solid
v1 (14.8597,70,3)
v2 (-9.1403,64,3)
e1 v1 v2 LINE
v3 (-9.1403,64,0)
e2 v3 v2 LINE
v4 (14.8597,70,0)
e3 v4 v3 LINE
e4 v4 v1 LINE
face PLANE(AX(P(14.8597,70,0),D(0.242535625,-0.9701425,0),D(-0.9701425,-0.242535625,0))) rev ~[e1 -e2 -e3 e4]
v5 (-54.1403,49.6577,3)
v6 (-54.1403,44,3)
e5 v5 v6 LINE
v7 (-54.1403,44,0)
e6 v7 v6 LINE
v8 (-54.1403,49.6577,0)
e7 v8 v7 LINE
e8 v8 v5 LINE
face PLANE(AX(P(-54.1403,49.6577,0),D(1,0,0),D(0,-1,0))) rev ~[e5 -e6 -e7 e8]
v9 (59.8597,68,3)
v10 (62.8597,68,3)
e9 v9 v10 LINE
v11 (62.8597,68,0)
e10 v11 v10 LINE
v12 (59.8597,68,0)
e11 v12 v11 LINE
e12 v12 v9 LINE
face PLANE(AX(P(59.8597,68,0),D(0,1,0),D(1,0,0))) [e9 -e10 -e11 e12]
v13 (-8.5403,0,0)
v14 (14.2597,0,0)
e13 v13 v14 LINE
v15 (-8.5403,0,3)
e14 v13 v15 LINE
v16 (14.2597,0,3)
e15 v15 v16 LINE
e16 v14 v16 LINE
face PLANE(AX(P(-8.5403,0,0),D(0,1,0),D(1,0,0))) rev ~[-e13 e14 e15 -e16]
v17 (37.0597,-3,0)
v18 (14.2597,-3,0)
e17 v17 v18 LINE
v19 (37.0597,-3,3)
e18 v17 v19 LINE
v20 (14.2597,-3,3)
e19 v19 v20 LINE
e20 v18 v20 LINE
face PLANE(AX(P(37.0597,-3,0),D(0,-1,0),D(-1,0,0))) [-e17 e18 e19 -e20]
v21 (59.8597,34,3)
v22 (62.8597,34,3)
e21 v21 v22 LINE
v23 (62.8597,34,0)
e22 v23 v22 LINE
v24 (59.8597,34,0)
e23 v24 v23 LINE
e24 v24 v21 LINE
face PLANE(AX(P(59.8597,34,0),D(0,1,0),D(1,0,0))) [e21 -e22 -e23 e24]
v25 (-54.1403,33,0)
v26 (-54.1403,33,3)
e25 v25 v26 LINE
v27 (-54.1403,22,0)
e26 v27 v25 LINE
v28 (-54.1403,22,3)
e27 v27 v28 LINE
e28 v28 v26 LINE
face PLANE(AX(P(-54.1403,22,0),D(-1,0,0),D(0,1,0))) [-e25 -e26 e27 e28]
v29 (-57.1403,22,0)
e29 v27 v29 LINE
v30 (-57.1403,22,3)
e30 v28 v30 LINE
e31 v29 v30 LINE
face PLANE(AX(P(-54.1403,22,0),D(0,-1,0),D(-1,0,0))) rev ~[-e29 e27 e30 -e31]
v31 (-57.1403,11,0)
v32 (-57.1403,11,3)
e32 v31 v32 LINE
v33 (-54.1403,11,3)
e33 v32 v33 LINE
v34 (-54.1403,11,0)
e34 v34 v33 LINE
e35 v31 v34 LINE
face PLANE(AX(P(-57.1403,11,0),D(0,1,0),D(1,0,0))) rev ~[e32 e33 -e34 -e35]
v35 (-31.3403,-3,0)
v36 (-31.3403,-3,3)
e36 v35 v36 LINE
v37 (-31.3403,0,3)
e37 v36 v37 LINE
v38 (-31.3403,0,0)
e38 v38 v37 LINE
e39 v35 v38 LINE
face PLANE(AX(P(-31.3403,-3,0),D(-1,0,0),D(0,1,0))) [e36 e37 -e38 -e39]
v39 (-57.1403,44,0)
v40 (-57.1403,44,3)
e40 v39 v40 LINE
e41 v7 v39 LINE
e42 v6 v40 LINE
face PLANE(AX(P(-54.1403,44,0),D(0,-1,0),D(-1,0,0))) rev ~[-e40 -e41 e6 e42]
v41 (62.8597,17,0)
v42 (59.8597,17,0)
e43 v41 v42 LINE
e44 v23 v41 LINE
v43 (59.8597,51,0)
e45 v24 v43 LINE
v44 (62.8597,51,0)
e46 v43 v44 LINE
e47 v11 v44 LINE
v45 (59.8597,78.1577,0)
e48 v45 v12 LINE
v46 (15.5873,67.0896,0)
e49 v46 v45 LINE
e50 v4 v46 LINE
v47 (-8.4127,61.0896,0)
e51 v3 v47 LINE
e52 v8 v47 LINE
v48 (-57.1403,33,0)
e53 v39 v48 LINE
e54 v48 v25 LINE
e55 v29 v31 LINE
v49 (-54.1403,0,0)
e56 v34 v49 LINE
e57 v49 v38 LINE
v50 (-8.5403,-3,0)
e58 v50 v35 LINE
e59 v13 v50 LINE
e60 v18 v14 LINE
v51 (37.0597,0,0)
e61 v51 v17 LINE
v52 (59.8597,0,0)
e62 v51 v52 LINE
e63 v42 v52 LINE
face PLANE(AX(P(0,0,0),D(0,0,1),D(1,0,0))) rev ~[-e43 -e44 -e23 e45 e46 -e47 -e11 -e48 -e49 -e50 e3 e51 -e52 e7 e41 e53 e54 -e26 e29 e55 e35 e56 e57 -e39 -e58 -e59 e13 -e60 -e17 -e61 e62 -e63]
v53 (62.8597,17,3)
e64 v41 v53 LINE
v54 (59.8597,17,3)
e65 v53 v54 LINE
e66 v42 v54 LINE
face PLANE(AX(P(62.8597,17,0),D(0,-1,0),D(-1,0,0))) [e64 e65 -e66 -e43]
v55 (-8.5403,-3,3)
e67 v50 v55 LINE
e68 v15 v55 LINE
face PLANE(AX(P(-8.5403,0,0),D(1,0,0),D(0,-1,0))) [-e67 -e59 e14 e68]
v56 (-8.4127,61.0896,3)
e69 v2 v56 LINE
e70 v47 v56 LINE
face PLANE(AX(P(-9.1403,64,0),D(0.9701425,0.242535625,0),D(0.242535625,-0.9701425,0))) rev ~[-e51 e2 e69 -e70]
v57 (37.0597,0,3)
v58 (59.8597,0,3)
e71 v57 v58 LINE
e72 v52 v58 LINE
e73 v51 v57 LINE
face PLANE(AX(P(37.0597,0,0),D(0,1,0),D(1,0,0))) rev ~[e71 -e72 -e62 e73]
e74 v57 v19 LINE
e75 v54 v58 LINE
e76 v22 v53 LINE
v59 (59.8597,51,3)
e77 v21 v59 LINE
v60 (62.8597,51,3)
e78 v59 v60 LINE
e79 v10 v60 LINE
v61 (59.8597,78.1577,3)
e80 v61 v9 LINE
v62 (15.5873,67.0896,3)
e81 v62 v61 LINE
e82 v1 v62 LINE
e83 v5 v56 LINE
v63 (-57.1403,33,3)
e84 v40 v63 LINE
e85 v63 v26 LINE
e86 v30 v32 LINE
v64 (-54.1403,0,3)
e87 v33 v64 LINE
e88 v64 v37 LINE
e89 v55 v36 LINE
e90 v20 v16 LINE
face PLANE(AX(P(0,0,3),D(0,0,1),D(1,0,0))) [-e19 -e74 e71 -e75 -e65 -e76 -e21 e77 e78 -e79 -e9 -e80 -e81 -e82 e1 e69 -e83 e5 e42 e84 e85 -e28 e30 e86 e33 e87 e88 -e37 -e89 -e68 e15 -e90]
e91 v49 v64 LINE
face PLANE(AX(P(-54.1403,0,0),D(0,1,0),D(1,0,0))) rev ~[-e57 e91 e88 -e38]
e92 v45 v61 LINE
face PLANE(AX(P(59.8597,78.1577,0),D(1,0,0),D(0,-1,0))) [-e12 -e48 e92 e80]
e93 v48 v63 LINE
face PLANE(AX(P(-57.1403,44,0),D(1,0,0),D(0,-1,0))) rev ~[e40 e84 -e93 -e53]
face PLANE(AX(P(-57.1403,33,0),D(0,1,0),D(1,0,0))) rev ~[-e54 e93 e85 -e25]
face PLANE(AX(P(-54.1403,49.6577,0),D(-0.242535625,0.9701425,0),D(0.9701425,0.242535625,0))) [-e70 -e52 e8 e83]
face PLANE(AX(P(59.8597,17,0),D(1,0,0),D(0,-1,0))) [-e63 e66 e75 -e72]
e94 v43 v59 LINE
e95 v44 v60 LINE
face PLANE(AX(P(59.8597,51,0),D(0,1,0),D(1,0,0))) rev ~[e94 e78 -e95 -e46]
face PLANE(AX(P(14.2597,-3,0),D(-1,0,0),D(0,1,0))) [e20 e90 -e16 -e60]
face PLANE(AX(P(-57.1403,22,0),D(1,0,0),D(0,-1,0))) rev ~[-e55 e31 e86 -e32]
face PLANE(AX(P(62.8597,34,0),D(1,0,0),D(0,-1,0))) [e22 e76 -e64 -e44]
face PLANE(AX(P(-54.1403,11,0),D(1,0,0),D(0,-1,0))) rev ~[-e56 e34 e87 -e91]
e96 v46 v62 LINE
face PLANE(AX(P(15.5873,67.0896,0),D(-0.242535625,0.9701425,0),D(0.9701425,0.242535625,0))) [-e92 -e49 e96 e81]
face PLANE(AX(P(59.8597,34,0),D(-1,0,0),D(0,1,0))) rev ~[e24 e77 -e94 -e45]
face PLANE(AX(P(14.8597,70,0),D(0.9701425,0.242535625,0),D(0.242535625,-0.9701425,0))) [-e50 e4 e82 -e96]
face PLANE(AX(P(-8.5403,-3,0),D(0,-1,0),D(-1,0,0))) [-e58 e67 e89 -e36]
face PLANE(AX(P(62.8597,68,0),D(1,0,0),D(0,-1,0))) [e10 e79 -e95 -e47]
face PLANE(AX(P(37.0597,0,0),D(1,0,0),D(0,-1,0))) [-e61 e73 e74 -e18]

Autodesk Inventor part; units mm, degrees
ref_plane "YZ Plane" through (0, 0, 0) normal (1, 0, 0) x (0, 1, 0)
ref_plane "XZ Plane" through (0, 0, 0) normal (0, 1, 0) x (-1, 0, 0)
ref_plane "XY Plane" through (0, 0, 0) normal (0, 0, 1) x (1, 0, 0)
sketch "Sketch1" plane through (0, 0, 0) normal (0, 0, 1) x (1, 0, 0)
  line L0 (14.8597, 70) -> (-9.1403, 64)
  line L1 (59.8597, 68) -> (62.8597, 68)
  line L2 (62.8597, 68) -> (62.8597, 51)
  line L3 (62.8597, 17) -> (59.8597, 17)
  line L4 (59.8597, 51) -> (62.8597, 51)
  line L5 (62.8597, 34) -> (62.8597, 17)
  line L6 (-54.1403, 22) -> (-57.1403, 22)
  line L7 (-57.1403, 22) -> (-57.1403, 11)
  line L8 (-57.1403, 11) -> (-54.1403, 11)
  line L9 (-54.1403, 44) -> (-57.1403, 44)
  line L10 (-57.1403, 44) -> (-57.1403, 33)
  line L11 (-57.1403, 33) -> (-54.1403, 33)
  line L12 (-8.5403, 0) -> (-8.5403, -3)
  line L13 (-8.5403, -3) -> (-31.3403, -3)
  line L14 (-31.3403, -3) -> (-31.3403, 0)
  line L15 (32.3597, 0) -> (37.0597, 0)
  line L16 (37.0597, 0) -> (37.0597, -3)
  line L17 (37.0597, -3) -> (14.2597, -3)
  line L18 (14.2597, -3) -> (14.2597, 0)
  line L19 (14.8597, 70) -> (15.5873, 67.0896)
  line L20 (-9.1403, 64) -> (-8.4127, 61.0896)
  line L21 (-54.1403, 22) -> (-54.1403, 33)
  line L22 (59.8597, 17) -> (59.8597, 0)
  line L23 (59.8597, 78.1577) -> (59.8597, 68)
  line L24 (59.8597, 34) -> (59.8597, 51)
  line L25 (-54.1403, 0) -> (-31.3403, 0)
  line L26 (-8.5403, 0) -> (14.2597, 0)
  line L27 (37.0597, 0) -> (59.8597, 0)
  line L28 (-54.1403, 49.6577) -> (-54.1403, 44)
  line L29 (-54.1403, 33) -> (-54.1403, 22)
  line L30 (-54.1403, 33) -> (-54.1403, 22)
  line L31 (-54.1403, 11) -> (-54.1403, 0)
  line L32 (14.8597, 70) -> (-57.1403, 52) construction
  line L33 (-57.1403, 44) -> (-57.1403, 60) construction
  line L34 (-54.1403, 49.6577) -> (-8.4127, 61.0896)
  line L35 (15.5873, 67.0896) -> (59.8597, 78.1577)
  line L36 (59.8597, 34) -> (62.8597, 34)
  line L37 (14.8597, 70) -> (98.136, 90.8191) construction
  line L38 (62.8597, 68) -> (62.8597, 104.4948) construction
  point P0 (0, 0)
  point P1 (62.8597, 82)
  dimension "d3" = 11
  dimension "d4" = 0
  dimension "d5" = 55
  dimension "d6" = 3
  dimension "d8" = 8.5403
  dimension "d9" = 22.8
  dimension "d10" = 3
  dimension "d11" = 3
  dimension "d12" = 114
  dimension "d13" = 24.7386
  dimension "d14" = 3
  dimension "d17" = 17
  dimension "d20" = 22.8
  dimension "d21" = 22.8
  dimension "d22" = 22.8
  dimension "d23" = 82
  dimension "d24" = 48
  dimension "d25" = 48
  dimension "d26" = 17
  dimension "d27" = 11
extrude "Extrusion1" add sketch "Sketch1" along normal blind 3
equation "\"d6\" = tt"
equation "\"d9\" = -0.4 * tt + 0.2 * ht + 2 * tol"
equation "\"d10\" = tt"
equation "\"d11\" = tt"
equation "\"d12\" = -2 * tt + ht"
equation "\"d13\" = 0.2 * d"
equation "\"d14\" = tt"
equation "\"d24\" = d25"
equation "\"d18\" = tt"
equation "\"d0\" = tt"
equation "\"tt\" = 3"
equation "\"tol\" = 0"
equation "\"tiroir\" = 1"
equation "\"nHoles\" = 4"
equation "\"shelfH\" = 35"
equation "\"ht\" = 120"
equation "\"d\" = 123.693169"
properties part number "glass_separator"
